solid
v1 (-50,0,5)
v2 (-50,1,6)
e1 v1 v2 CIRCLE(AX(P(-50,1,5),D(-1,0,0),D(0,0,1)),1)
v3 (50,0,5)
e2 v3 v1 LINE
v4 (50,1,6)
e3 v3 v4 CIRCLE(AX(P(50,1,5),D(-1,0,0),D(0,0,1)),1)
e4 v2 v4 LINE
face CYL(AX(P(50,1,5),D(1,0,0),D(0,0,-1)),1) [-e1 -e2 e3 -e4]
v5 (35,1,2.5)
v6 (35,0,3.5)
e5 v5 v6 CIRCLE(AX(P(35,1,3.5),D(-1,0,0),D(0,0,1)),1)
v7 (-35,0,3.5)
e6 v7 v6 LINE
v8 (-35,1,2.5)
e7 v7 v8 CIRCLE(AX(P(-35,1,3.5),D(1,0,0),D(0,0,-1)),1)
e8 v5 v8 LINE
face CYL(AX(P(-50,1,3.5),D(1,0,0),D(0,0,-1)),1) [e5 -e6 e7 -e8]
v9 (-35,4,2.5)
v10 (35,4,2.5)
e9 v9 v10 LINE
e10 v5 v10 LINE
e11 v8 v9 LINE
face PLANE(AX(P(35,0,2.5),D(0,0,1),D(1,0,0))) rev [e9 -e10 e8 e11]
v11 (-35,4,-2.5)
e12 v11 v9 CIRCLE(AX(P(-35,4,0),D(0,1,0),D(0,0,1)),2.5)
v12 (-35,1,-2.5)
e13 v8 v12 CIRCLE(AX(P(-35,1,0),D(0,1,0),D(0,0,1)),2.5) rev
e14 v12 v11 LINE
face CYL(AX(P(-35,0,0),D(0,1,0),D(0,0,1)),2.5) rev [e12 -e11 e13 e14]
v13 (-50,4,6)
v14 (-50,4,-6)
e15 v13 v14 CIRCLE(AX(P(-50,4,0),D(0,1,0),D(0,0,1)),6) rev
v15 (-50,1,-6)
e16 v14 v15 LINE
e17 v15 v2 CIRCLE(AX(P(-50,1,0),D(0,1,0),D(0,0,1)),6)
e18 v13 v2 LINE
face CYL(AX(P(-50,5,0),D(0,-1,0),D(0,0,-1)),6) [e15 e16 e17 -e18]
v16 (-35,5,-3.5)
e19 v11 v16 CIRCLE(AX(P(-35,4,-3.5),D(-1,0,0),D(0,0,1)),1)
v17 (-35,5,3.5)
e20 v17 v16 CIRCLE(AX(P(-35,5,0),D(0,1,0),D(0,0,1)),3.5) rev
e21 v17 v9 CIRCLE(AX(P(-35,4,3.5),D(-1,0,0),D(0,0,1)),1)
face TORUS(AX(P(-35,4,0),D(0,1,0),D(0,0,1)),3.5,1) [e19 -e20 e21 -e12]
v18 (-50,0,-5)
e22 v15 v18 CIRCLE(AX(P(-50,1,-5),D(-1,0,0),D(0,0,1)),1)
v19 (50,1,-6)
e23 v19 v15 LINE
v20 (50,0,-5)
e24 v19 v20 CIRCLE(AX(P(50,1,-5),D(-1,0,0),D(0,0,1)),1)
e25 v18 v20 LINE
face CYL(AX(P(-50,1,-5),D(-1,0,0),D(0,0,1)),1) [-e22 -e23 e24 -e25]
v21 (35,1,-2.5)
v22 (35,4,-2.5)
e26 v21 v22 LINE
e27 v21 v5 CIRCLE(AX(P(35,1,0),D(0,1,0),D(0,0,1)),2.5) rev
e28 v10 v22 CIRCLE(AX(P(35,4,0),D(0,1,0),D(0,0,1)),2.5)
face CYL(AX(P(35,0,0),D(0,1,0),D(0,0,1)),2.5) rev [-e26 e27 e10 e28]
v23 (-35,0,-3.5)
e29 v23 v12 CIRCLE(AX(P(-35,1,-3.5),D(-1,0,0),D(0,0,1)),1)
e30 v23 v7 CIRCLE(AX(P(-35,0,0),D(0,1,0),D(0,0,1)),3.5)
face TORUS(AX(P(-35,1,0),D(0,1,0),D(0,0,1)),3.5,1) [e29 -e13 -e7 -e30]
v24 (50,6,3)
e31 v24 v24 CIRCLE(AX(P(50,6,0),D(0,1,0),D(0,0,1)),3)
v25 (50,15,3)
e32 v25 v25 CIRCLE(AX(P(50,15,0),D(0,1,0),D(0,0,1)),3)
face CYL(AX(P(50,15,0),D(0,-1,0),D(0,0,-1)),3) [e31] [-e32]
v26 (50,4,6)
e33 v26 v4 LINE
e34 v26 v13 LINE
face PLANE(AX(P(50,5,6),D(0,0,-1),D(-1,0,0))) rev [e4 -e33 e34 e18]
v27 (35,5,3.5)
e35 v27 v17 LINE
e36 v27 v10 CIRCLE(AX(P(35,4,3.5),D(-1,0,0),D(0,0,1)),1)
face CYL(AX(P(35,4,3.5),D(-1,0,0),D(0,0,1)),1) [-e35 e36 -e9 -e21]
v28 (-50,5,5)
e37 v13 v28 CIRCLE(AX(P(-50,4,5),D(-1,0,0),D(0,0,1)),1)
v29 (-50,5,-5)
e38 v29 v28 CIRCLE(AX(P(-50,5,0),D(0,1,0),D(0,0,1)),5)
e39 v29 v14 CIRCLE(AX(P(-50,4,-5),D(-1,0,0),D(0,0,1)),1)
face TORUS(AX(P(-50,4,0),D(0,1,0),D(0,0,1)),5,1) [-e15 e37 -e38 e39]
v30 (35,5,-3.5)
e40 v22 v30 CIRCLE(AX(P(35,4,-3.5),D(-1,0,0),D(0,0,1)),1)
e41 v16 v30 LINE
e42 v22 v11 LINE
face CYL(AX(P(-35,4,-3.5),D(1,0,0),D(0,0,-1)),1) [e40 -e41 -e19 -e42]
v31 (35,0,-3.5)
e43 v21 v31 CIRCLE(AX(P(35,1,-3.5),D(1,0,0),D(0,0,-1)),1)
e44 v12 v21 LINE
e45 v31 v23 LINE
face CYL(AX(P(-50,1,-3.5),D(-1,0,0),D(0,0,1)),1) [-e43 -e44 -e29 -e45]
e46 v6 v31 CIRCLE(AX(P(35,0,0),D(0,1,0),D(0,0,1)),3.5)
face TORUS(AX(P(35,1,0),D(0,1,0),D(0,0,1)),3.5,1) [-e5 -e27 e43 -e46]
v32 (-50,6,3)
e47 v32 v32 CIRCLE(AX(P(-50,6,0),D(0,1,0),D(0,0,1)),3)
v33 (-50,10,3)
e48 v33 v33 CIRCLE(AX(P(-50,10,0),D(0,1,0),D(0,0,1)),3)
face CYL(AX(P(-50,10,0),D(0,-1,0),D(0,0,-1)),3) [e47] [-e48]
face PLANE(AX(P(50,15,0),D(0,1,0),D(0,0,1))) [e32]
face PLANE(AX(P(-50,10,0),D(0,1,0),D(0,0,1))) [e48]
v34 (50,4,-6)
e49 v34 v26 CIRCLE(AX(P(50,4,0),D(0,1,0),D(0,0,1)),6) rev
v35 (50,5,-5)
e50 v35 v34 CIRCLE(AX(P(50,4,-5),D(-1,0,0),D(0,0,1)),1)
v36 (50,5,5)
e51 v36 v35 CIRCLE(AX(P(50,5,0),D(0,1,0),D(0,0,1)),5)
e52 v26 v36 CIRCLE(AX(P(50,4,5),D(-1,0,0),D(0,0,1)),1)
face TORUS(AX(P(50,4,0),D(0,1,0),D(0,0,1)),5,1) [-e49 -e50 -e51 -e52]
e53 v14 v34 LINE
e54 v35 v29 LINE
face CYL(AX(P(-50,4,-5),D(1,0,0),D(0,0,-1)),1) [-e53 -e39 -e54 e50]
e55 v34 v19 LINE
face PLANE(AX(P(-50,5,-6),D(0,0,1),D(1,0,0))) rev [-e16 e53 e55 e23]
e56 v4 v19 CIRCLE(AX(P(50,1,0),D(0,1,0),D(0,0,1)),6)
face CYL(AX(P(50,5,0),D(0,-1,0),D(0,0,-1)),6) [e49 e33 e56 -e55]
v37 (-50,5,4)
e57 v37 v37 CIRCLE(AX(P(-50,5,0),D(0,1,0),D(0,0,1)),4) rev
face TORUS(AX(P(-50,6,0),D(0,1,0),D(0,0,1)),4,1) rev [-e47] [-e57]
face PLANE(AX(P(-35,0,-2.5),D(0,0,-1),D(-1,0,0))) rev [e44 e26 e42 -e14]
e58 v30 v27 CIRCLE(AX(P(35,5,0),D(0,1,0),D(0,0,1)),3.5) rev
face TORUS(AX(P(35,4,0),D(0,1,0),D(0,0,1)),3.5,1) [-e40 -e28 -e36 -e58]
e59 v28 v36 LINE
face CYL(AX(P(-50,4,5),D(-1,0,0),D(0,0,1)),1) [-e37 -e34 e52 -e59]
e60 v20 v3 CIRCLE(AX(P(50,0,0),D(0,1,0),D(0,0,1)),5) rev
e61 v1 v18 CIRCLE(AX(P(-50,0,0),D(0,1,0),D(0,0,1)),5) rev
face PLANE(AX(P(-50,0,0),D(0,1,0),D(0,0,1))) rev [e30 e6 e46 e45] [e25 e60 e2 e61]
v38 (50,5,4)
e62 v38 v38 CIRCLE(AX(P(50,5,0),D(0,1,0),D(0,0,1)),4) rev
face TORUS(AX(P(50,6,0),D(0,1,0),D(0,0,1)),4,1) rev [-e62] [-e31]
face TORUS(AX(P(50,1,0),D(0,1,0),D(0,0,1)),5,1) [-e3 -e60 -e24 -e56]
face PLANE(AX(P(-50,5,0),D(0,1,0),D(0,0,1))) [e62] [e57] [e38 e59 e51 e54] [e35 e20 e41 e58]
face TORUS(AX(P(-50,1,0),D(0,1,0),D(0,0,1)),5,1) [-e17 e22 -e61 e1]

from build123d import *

# Parameters (mm, degrees)
SKETCH_1_R          = 6
EXTRUDE_1_DEPTH     = 5
EXTRUDE_1_2_DEPTH   = 5
SKETCH_3_W          = 100
SKETCH_3_H          = 12
EXTRUDE_3_DEPTH     = 5
SKETCH_6_R          = 2.5
CUT_EXTRUDE_3_DEPTH = 6
SKETCH_7_W          = 70
SKETCH_7_H          = 5
CUT_EXTRUDE_4_DEPTH = 6
SKETCH_4_R          = 3
EXTRUDE_4_DEPTH     = 5
SKETCH_5_R          = 3
EXTRUDE_5_DEPTH     = 10
FILLET_1_R          = 1
FILLET_2_R          = 1


with BuildPart() as part:
    # 草图1 → 凸台-拉伸1 (new body)
    with BuildSketch(Plane(origin=(0, 0, 0), x_dir=(1, 0, 0), z_dir=(0, 1, 0))):
        with Locations((-50, 0)):
            Circle(SKETCH_1_R)
    extrude(amount=EXTRUDE_1_DEPTH)



with BuildPart() as body_2:
    # 草图1 → Extrude 1 2 (new body)
    with BuildSketch(Plane(origin=(0, 0, 0), x_dir=(1, 0, 0), z_dir=(0, 1, 0))):
        with Locations((50, 0)):
            Circle(SKETCH_1_R)
    extrude(amount=EXTRUDE_1_2_DEPTH)


with BuildPart() as part_1:
    add(part.part)

    add(body_2.part)  # 凸台-拉伸3 merges body 2
    # 草图3 → 凸台-拉伸3 (add)
    with BuildSketch(Plane(origin=(0, 0, 0), x_dir=(1, 0, 0), z_dir=(0, 1, 0))):
        Rectangle(SKETCH_3_W, SKETCH_3_H)
    extrude(amount=EXTRUDE_3_DEPTH)

    # 草图6 → 切除-拉伸3 (cut, through all)
    with BuildSketch(Plane(origin=(0, 5, 0), x_dir=(1, 0, 0), z_dir=(0, 1, 0))):
        with Locations((-35, 0)):
            Circle(SKETCH_6_R)
        with Locations((35, 0)):
            Circle(SKETCH_6_R)
    extrude(amount=-CUT_EXTRUDE_3_DEPTH, mode=Mode.SUBTRACT)

    # 草图7 → 切除-拉伸4 (cut, through all)
    with BuildSketch(Plane(origin=(0, 5, 0), x_dir=(1, 0, 0), z_dir=(0, 1, 0))):
        Rectangle(SKETCH_7_W, SKETCH_7_H)
    extrude(amount=-CUT_EXTRUDE_4_DEPTH, mode=Mode.SUBTRACT)

    # 草图4 → 凸台-拉伸4 (add)
    with BuildSketch(Plane(origin=(0, 5, 0), x_dir=(1, 0, 0), z_dir=(0, 1, 0))):
        with Locations((-50, 0)):
            Circle(SKETCH_4_R)
    extrude(amount=EXTRUDE_4_DEPTH)

    # 草图5 → 凸台-拉伸5 (add)
    with BuildSketch(Plane(origin=(0, 5, 0), x_dir=(1, 0, 0), z_dir=(0, 1, 0))):
        with Locations((50, 0)):
            Circle(SKETCH_5_R)
    extrude(amount=EXTRUDE_5_DEPTH)

    # 圆角1
    fillet_1_edges = [part_1.edges().sort_by_distance(p)[0] for p in [
        (-53, 5, 0),
        (47, 5, 0),
    ]]
    fillet(fillet_1_edges, radius=FILLET_1_R)

    # 圆角2
    fillet_2_edges = [part_1.edges().sort_by_distance(p)[0] for p in [
        (0, 5, 6),
        (56, 0, 0),
        (56, 5, 0),
        (37.5, 0, 0),
        (37.5, 5, 0),
        (-37.5, 0, 0),
        (-37.5, 5, 0),
        (0, 5, -2.5),
        (0, 5, 2.5),
        (0, 0, -2.5),
        (0, 0, 2.5),
        (-56, 0, 0),
        (-56, 5, 0),
        (0, 0, 6),
        (0, 0, -6),
        (0, 5, -6),
    ]]
    fillet(fillet_2_edges, radius=FILLET_2_R)


solid = part_1.part
